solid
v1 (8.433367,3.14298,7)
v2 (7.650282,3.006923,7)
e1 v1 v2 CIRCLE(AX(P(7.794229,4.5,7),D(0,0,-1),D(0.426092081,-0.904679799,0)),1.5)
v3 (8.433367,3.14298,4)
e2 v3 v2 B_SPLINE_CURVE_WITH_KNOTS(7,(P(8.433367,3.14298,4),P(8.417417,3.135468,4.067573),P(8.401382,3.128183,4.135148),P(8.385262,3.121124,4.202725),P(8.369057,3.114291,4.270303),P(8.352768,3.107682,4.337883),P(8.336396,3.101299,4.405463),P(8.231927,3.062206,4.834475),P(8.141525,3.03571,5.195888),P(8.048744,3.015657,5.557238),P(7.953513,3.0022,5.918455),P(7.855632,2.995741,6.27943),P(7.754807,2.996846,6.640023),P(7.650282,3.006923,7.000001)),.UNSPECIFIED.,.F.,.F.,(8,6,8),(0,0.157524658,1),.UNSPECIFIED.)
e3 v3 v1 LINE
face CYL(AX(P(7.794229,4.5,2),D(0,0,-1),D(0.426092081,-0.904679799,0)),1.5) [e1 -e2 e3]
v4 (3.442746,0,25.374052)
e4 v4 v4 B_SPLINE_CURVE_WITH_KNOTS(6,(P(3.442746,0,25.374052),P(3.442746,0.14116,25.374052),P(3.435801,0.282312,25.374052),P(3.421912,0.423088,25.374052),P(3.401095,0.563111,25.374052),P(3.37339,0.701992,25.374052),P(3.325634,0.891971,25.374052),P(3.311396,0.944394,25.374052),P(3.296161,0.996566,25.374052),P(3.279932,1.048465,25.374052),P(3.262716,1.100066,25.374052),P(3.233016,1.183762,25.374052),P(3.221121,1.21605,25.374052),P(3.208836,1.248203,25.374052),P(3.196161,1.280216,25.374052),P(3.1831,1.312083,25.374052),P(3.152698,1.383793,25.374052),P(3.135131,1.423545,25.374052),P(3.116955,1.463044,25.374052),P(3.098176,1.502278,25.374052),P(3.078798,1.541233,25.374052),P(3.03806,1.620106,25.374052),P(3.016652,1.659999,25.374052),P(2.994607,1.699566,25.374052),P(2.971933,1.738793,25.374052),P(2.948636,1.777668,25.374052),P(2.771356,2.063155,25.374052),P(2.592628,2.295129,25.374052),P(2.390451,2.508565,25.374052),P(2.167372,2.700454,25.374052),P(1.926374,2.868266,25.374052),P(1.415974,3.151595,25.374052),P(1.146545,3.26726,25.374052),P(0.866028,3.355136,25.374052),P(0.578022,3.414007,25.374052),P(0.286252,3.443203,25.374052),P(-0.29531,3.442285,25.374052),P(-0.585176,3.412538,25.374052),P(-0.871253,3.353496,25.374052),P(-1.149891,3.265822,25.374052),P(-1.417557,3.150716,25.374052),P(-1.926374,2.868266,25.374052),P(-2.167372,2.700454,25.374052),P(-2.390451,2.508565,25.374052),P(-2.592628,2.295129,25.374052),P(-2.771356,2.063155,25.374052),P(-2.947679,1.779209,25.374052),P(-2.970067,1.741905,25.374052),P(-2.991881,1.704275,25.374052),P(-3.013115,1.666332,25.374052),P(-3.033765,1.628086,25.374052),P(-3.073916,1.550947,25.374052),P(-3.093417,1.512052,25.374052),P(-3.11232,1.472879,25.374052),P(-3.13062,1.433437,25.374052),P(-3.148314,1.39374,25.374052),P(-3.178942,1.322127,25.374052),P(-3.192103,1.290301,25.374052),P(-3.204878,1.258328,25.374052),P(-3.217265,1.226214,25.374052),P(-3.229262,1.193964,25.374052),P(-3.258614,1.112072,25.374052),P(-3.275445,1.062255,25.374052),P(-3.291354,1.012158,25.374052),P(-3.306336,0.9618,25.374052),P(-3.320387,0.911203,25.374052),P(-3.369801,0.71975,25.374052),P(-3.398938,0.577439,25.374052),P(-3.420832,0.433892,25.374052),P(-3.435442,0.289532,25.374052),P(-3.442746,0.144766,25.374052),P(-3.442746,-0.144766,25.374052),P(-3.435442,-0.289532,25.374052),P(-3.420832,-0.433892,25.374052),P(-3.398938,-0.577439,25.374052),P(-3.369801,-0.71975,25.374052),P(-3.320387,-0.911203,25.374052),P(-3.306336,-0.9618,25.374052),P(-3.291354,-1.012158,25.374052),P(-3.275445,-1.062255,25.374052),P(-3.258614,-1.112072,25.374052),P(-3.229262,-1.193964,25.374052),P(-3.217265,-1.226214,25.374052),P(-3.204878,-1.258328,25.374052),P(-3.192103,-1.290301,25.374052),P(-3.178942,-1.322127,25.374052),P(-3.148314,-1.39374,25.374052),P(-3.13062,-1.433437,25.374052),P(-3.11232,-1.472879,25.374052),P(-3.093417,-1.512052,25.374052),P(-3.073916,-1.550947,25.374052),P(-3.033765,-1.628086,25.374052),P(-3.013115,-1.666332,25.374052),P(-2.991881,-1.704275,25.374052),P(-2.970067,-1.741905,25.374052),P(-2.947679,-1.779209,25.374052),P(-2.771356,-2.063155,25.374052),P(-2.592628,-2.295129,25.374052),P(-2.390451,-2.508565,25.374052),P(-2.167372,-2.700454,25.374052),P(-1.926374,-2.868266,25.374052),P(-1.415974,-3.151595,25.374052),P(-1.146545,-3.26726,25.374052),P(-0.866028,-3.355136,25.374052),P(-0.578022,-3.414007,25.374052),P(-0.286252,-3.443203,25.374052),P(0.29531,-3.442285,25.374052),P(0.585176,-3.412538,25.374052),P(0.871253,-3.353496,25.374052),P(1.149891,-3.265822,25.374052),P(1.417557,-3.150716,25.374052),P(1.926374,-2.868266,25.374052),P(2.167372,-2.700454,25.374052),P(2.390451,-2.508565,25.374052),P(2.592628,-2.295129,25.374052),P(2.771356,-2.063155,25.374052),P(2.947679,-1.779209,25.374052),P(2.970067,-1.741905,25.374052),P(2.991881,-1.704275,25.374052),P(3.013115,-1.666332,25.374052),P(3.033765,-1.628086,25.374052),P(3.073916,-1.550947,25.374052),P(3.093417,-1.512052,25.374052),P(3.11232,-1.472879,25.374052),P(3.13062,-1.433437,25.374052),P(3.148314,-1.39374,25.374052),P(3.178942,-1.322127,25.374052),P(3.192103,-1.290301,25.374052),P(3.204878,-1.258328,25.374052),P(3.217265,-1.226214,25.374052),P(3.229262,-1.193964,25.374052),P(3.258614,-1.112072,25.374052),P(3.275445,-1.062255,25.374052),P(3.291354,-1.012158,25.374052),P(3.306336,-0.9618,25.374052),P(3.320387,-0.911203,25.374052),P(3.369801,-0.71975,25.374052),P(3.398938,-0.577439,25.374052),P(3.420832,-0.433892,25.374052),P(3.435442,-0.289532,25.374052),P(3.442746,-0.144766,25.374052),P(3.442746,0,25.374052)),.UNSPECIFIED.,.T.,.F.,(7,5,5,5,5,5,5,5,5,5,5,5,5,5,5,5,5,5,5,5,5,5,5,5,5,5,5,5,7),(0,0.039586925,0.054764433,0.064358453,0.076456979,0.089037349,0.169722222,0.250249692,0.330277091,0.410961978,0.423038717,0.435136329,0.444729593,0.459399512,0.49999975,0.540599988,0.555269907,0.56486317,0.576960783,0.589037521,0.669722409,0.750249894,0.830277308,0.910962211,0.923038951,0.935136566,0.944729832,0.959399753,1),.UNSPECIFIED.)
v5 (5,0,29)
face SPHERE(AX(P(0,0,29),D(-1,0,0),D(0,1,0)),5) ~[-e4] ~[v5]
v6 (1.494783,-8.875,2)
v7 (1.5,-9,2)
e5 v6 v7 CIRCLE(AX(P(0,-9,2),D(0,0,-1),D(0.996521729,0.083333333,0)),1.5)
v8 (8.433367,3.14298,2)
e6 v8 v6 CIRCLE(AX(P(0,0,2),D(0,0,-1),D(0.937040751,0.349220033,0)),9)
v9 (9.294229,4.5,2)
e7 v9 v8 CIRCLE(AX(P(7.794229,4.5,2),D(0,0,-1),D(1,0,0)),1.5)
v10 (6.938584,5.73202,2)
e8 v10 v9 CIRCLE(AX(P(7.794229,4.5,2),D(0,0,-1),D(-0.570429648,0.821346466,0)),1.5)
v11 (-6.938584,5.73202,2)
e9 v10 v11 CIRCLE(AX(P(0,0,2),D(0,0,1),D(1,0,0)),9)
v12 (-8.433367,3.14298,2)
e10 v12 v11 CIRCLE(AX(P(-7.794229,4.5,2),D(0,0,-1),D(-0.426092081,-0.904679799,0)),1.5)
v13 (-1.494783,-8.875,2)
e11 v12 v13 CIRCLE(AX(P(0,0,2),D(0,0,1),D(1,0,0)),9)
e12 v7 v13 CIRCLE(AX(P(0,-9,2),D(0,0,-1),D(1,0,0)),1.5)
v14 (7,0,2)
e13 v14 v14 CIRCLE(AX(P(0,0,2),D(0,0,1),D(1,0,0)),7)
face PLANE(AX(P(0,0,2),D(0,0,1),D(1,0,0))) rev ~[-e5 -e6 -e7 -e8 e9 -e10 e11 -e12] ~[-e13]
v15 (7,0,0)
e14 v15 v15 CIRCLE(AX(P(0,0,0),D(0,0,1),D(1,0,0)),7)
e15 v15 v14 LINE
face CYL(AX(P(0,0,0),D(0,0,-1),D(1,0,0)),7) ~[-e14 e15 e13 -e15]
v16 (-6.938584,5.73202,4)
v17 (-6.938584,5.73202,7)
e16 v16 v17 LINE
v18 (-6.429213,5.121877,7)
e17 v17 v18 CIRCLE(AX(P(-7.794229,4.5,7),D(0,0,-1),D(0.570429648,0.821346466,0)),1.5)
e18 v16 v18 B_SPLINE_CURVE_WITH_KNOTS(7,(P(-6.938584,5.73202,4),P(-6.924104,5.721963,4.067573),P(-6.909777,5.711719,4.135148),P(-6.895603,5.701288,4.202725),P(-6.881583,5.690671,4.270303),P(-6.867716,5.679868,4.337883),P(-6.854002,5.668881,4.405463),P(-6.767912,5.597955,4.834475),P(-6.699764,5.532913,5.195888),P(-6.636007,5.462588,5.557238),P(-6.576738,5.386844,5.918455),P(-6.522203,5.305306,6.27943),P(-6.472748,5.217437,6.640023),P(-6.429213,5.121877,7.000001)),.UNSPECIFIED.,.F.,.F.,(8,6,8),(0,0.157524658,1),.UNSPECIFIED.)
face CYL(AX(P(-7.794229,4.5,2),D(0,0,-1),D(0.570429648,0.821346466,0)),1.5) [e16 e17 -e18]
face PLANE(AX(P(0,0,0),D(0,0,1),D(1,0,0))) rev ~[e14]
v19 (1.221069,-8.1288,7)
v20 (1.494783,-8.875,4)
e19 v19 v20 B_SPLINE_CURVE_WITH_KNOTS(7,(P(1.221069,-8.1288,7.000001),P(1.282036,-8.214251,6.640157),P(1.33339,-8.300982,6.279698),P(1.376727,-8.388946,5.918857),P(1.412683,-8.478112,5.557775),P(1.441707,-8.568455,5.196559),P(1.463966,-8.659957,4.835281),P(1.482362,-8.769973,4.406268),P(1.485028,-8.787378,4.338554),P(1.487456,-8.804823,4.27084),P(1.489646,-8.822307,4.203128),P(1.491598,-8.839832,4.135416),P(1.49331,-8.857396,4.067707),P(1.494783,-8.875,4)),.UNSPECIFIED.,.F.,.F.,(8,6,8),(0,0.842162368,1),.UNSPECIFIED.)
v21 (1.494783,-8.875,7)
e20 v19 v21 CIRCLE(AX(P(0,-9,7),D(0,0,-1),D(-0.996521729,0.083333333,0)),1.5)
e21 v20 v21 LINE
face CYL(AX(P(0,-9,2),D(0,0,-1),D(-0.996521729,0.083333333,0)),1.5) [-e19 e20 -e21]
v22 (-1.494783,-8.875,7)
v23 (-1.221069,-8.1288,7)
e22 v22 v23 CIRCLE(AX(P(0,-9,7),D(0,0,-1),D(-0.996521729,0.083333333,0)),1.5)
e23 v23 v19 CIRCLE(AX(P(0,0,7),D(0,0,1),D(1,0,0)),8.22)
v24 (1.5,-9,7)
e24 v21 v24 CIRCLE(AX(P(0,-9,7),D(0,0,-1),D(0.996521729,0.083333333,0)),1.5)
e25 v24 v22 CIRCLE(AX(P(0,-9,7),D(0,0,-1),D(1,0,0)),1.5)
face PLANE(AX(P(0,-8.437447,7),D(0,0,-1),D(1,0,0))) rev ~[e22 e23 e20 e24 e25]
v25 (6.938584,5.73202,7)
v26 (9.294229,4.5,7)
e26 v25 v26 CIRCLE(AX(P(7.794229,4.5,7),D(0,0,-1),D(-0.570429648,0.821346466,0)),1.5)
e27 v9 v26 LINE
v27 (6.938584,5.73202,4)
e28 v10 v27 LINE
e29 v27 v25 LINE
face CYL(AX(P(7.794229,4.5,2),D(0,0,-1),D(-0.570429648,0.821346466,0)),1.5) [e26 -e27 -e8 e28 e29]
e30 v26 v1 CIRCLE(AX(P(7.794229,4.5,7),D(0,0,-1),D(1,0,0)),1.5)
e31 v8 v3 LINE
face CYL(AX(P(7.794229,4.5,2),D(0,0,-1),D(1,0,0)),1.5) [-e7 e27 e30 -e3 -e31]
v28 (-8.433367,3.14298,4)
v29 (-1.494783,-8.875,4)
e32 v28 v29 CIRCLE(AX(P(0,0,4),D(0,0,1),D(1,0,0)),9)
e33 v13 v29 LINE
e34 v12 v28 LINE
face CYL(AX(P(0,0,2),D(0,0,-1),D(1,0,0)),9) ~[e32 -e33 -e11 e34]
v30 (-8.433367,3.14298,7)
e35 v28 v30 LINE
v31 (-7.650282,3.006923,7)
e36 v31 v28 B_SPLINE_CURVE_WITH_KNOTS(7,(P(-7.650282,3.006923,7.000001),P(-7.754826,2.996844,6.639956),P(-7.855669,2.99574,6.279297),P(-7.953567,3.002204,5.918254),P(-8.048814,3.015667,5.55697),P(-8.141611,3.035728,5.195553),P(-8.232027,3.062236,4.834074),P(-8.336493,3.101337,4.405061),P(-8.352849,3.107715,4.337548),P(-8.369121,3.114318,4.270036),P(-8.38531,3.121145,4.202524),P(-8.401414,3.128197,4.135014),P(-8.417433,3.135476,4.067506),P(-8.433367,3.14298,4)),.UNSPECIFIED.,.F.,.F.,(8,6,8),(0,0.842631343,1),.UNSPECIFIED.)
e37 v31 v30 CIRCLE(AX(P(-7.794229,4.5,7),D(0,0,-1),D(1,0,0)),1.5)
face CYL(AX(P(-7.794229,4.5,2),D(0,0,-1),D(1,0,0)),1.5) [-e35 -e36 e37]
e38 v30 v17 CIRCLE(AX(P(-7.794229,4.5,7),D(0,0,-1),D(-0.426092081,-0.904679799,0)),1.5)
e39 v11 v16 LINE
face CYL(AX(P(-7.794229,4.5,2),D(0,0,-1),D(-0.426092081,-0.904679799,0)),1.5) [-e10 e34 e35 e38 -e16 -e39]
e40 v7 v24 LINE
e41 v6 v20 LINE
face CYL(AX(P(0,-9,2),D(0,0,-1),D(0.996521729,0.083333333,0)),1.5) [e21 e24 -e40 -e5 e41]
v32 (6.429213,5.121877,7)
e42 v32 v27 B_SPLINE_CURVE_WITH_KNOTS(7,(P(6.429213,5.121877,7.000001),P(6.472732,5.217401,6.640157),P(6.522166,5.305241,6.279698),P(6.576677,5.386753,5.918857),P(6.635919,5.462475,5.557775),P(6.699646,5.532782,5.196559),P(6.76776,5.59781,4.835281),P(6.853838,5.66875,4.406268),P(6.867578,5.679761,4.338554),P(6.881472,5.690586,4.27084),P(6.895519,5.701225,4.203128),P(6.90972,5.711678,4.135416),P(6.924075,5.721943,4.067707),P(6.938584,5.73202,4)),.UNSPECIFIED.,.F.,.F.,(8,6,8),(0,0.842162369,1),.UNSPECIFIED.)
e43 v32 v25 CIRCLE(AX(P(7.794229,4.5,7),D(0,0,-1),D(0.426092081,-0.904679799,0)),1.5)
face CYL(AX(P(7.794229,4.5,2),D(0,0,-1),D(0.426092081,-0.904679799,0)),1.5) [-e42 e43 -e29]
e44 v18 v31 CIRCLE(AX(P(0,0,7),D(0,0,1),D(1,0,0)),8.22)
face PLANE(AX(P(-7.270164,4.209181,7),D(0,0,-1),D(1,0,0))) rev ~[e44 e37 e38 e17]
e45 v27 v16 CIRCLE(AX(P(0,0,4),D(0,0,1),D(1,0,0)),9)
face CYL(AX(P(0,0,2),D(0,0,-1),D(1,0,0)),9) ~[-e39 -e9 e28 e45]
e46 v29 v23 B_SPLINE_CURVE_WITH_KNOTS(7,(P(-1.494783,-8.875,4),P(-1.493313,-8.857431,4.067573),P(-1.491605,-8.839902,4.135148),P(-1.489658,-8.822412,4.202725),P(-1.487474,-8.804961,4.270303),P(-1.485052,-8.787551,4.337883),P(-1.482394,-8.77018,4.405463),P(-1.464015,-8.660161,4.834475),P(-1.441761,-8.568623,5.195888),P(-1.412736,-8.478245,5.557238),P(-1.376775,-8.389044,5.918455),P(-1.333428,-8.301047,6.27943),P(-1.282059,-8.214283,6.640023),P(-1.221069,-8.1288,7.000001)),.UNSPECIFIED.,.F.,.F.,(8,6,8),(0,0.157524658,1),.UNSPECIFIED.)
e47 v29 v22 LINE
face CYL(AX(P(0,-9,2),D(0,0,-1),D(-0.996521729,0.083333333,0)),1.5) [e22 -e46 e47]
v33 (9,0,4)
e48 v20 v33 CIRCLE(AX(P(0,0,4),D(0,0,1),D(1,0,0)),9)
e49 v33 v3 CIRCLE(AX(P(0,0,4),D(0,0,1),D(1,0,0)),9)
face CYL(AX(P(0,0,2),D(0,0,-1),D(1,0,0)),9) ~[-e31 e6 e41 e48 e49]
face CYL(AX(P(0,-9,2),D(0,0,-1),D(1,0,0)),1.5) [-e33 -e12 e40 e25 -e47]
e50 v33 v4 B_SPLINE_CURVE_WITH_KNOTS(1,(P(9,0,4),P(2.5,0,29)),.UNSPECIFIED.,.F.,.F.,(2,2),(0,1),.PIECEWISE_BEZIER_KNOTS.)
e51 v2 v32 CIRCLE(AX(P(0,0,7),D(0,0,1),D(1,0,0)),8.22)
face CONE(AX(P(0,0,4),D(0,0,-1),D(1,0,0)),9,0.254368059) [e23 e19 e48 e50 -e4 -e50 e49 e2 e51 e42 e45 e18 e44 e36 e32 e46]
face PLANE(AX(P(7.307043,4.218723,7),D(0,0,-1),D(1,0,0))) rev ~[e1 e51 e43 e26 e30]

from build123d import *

# Parameters (mm, degrees)
F0_R      = 7
F1_DEPTH  = 2
F2_R      = 9
F2_R_2    = 7
F3_DEPTH  = 2
F3_FACE_R = 9
F5_R      = 2.5
F10_DEPTH = 5


with BuildPart() as f1:
    # F0 (on Top) → F1 (new body)
    with BuildSketch(Plane.XY):
        Circle(F0_R)
    extrude(amount=F1_DEPTH)

    # F2 (on face) → F3 (join)
    with BuildSketch(Plane.XY.offset(2)):
        Circle(F2_R)
        Circle(F2_R_2, mode=Mode.SUBTRACT)
        Circle(F2_R_2)
    extrude(amount=F3_DEPTH)

    # F3_face (on face) → F6 section 0
    with BuildSketch(Plane.XY.offset(4)):
        Circle(F3_FACE_R)
    # F5 (on offset) → F6 section 1
    with BuildSketch(Plane.XY.offset(29)):
        Circle(F5_R)
    loft()

    # F7 (on face) → F8 (revolve)
    with BuildSketch(Plane.XY.offset(29)):
        with BuildLine():
            Line((2.5, 0), (5, 0))
            ThreePointArc((5, 0), (0, 5), (-5, 0))
            Line((-5, 0), (-2.5, 0))
            ThreePointArc((-2.5, 0), (0, 2.5), (2.5, 0))
        make_face()
        with BuildLine():
            ThreePointArc((-2.5, 0), (0, -2.5), (2.5, 0))
            Line((2.5, 0), (-2.5, 0))
        make_face()
    revolve(axis=Axis((0, 0, 29), (1, 0, 0)))

    # F9 (on face) → F10 (join)
    with BuildSketch(Plane(origin=(0, 0, 2), x_dir=(1, 0, 0), z_dir=(0, 0, -1))):
        with BuildLine():
            ThreePointArc((1.4947825929, 8.875), (0, 9), (-1.4947825929, 8.875))
            ThreePointArc((-1.4947825929, 8.875), (0, 7.5), (1.4947825929, 8.875))
        make_face()
        with BuildLine():
            ThreePointArc((1.4947825929, 8.875), (1.4986950806, 8.937445581), (1.5, 9))
            ThreePointArc((1.5, 9), (-0.062554419, 10.4986950806), (-1.4947825929, 8.875))
            ThreePointArc((-1.4947825929, 8.875), (0, 9), (1.4947825929, 8.875))
        make_face()
        with BuildLine():
            ThreePointArc((-6.2942286341, -4.5), (-6.9907073778, -3.2333691972), (-8.433366755, -3.1429803014))
            ThreePointArc((-8.433366755, -3.1429803014), (-7.7942286341, -4.5), (-6.9385841621, -5.7320196986))
            ThreePointArc((-6.9385841621, -5.7320196986), (-6.4650434122, -5.1951738244), (-6.2942286341, -4.5))
        make_face()
        with BuildLine():
            ThreePointArc((-6.9385841621, -5.7320196986), (-7.7942286341, -4.5), (-8.433366755, -3.1429803014))
            ThreePointArc((-8.433366755, -3.1429803014), (-9.0932667397, -5.25), (-6.9385841621, -5.7320196986))
        make_face()
        with BuildLine():
            ThreePointArc((6.9385841621, -5.7320196986), (7.7942286341, -4.5), (8.433366755, -3.1429803014))
            ThreePointArc((8.433366755, -3.1429803014), (6.4951905284, -3.75), (6.9385841621, -5.7320196986))
        make_face()
        with BuildLine():
            ThreePointArc((9.2942286341, -4.5), (9.0608594369, -3.6964787437), (8.433366755, -3.1429803014))
            ThreePointArc((8.433366755, -3.1429803014), (7.7942286341, -4.5), (6.9385841621, -5.7320196986))
            ThreePointArc((6.9385841621, -5.7320196986), (8.4894024584, -5.8291852218), (9.2942286341, -4.5))
        make_face()
    extrude(amount=-F10_DEPTH)


solid = f1.part
